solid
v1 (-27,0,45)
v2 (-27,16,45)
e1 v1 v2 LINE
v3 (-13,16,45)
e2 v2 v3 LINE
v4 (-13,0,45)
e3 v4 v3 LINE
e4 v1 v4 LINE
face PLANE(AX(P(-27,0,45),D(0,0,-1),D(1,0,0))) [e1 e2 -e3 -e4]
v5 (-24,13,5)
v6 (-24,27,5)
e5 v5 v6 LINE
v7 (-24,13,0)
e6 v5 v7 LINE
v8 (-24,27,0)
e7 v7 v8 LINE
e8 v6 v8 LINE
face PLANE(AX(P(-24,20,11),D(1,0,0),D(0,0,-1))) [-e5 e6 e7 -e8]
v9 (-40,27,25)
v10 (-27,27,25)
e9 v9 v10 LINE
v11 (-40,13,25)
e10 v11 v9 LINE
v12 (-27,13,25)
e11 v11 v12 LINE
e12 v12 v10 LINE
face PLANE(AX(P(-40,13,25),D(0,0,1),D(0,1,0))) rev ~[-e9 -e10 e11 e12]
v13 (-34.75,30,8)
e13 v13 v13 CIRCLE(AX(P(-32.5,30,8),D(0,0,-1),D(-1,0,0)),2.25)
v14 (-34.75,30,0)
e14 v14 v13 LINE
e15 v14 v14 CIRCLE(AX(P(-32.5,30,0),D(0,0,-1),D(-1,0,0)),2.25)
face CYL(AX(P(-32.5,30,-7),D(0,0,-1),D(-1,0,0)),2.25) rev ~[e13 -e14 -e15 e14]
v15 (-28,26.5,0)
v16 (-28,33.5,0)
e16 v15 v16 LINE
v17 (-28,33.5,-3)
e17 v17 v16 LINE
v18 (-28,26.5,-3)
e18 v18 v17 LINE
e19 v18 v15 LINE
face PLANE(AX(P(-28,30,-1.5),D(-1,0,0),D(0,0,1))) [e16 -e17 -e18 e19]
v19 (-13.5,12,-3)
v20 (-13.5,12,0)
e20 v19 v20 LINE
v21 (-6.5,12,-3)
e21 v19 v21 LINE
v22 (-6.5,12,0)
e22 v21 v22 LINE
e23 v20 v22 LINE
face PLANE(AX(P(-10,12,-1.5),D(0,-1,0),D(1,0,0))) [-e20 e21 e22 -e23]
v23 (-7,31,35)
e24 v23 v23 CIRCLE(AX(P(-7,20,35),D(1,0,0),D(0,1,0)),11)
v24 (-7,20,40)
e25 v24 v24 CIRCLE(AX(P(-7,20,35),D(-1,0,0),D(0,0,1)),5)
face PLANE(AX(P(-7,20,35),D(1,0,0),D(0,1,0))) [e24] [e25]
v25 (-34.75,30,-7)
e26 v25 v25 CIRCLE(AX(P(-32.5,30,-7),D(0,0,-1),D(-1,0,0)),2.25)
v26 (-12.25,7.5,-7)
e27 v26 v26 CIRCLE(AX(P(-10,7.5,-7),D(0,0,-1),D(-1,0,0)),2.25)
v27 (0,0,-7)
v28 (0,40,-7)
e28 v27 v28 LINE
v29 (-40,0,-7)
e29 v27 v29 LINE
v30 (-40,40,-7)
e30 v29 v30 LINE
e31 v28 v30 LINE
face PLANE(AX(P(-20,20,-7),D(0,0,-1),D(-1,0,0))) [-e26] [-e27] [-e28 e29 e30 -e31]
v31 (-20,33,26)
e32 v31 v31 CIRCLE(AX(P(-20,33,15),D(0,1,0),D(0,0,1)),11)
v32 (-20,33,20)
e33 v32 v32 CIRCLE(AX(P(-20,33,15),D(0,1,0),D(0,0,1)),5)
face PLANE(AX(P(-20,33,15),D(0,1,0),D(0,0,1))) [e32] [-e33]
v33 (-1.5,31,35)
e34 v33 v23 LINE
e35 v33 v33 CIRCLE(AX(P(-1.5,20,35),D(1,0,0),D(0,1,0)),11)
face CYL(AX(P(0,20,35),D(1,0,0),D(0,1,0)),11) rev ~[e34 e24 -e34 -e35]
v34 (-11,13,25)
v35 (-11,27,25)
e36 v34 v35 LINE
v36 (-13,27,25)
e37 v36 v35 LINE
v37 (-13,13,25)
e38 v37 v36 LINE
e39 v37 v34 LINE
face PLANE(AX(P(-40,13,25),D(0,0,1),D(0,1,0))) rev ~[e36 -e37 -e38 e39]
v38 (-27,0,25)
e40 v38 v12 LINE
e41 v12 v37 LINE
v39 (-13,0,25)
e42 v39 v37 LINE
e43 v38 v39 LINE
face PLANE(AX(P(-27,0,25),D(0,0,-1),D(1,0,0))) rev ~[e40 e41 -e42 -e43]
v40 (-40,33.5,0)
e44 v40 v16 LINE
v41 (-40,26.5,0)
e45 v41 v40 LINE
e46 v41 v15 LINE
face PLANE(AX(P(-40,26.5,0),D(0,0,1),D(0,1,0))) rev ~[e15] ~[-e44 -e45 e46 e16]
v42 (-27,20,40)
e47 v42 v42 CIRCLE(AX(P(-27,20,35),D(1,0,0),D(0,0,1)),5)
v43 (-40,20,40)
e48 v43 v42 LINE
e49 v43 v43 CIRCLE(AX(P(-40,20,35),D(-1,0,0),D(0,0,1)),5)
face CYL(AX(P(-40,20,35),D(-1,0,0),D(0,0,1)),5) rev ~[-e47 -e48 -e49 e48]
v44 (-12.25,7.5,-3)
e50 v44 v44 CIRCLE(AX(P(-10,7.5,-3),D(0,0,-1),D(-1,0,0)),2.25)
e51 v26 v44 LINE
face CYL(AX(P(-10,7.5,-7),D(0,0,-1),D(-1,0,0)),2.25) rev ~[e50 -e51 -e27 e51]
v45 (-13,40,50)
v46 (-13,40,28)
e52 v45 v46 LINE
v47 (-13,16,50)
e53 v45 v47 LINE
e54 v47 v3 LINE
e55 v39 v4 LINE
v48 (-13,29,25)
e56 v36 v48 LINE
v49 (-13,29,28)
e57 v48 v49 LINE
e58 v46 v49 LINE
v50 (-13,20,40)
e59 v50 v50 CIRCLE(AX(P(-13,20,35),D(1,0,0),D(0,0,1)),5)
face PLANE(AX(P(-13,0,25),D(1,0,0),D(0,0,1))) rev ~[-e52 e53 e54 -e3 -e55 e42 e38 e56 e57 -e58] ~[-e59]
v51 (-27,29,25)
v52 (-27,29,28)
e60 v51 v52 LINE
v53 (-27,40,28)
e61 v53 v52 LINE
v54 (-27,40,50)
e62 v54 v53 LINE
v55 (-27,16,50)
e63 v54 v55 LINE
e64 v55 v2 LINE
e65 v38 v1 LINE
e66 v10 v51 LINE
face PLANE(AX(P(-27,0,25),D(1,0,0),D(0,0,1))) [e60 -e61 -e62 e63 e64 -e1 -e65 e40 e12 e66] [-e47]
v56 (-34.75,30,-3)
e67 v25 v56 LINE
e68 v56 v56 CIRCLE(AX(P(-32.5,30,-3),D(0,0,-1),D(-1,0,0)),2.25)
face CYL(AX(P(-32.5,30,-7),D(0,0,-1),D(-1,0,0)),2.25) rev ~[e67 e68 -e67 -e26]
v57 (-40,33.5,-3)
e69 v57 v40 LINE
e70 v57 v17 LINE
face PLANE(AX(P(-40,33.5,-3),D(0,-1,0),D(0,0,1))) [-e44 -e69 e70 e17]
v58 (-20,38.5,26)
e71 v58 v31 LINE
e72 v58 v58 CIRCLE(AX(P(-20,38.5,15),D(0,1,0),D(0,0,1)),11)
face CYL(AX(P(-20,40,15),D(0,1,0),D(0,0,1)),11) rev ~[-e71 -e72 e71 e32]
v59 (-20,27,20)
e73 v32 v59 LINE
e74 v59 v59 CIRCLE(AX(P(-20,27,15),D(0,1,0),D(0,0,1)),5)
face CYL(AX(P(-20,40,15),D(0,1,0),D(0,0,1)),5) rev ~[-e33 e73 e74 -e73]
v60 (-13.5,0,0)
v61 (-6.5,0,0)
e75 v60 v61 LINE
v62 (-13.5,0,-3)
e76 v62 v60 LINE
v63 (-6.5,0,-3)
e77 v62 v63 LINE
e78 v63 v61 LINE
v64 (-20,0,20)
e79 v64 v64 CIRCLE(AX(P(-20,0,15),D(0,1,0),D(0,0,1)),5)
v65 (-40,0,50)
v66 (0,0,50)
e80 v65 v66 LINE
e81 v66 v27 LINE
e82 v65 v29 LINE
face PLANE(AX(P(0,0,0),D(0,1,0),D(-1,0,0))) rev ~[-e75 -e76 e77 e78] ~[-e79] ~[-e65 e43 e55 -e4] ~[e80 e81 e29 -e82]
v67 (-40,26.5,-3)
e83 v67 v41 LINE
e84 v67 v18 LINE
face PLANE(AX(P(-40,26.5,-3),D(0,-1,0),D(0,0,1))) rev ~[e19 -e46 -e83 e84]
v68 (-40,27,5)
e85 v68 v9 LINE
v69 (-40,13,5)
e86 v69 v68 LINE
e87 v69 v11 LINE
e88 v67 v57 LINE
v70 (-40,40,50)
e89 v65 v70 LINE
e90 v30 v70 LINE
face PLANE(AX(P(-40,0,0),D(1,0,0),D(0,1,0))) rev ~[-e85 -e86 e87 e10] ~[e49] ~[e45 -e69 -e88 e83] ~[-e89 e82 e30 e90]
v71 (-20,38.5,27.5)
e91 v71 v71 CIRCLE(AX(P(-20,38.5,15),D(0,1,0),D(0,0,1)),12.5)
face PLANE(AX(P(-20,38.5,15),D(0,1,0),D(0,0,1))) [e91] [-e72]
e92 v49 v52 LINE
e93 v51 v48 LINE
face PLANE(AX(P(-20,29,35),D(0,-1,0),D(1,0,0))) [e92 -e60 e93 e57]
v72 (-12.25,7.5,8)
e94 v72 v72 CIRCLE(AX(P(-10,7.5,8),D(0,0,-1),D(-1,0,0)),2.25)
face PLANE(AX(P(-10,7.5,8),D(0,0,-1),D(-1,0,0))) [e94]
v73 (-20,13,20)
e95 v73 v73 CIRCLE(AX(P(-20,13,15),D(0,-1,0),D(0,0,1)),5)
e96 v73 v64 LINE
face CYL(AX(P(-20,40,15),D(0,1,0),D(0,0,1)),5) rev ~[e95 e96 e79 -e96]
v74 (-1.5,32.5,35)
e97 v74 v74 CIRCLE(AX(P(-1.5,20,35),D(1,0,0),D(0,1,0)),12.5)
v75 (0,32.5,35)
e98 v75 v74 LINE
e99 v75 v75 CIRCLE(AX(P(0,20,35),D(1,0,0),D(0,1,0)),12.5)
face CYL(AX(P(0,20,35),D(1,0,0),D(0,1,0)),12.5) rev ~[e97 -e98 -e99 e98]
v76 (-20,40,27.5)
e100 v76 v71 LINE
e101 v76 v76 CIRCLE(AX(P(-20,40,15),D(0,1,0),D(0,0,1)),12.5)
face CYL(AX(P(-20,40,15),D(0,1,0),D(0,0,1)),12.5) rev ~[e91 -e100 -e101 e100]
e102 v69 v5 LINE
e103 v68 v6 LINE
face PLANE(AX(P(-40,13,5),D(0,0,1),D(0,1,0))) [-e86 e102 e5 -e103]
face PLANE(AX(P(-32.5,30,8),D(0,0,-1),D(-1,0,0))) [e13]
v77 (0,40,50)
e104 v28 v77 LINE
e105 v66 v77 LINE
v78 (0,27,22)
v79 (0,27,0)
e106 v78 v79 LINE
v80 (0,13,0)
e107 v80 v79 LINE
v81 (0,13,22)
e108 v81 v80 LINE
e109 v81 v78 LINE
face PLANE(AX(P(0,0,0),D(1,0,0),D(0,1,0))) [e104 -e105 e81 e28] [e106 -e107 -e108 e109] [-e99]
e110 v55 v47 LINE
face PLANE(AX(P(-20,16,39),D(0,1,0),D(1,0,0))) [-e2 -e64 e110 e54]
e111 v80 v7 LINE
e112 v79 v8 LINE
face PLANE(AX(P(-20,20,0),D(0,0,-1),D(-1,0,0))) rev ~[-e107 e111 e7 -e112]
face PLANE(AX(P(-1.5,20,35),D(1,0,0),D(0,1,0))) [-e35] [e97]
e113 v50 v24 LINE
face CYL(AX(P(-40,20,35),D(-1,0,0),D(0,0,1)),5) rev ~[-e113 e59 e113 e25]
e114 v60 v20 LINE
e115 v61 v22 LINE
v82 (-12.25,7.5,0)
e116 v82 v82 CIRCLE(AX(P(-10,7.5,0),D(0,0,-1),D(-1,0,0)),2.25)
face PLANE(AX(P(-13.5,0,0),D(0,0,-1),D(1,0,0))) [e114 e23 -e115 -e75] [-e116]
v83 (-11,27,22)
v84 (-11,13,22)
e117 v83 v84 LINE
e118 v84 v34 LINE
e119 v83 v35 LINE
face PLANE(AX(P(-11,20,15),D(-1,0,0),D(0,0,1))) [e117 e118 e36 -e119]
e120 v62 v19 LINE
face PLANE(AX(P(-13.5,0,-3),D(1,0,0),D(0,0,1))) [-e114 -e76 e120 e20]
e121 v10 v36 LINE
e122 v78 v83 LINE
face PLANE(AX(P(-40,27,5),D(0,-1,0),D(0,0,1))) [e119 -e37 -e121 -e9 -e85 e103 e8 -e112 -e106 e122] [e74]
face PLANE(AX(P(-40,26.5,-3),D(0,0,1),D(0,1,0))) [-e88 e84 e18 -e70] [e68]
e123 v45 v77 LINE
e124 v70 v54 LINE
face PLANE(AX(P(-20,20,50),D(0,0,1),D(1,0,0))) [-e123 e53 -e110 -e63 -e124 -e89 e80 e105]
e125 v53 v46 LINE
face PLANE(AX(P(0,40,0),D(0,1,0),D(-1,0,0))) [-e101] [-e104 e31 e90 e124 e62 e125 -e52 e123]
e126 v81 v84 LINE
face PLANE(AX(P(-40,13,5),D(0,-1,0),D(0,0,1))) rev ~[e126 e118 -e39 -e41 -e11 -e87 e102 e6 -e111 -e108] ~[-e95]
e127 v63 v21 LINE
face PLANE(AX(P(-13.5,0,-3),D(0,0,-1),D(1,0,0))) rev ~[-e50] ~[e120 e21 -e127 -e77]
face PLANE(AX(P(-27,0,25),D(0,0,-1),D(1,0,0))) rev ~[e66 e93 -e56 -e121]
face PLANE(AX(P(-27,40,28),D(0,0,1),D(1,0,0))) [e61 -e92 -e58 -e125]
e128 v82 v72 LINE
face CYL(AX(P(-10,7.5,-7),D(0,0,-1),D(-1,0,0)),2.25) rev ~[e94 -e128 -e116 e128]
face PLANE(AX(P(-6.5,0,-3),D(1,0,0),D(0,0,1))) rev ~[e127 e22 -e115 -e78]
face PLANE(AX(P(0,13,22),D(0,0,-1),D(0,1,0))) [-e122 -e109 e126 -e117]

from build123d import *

# Parameters (mm, degrees)
ESQUISSE1_W              = 40
ESQUISSE1_H              = 40
BOSS_EXTRU_1_DEPTH       = 50
ESQUISSE2_R              = 5
ENL_V_MAT_EXTRU_1_DEPTH  = 41
ESQUISSE3_R              = 5
ENL_V_MAT_EXTRU_2_DEPTH  = 41
ESQUISSE4_W              = 20
ESQUISSE4_H              = 14
ENL_V_MAT_EXTRU_3_DEPTH  = 29
ESQUISSE5_W              = 14
ESQUISSE5_H              = 20
ENL_V_MAT_EXTRU_4_DEPTH  = 29
ESQUISSE6_W              = 22
ESQUISSE6_H              = 14
ENL_V_MAT_EXTRU_5_DEPTH  = 24
ESQUISSE7_W              = 14
ESQUISSE7_H              = 22
ENL_V_MAT_EXTRU_6_DEPTH  = 24
ESQUISSE8_R              = 11
ENL_V_MAT_EXTRU_7_DEPTH  = 7
ESQUISSE9_R              = 12.5
ENL_V_MAT_EXTRU_8_DEPTH  = 1.5
ESQUISSE10_R             = 11
ENL_V_MAT_EXTRU_9_DEPTH  = 7
ESQUISSE11_R             = 12.5
ENL_V_MAT_EXTRU_10_DEPTH = 1.5
ESQUISSE12_W             = 40
ESQUISSE12_H             = 40
BOSS_EXTRU_2_DEPTH       = 7
ESQUISSE13_R             = 2.25
ENL_V_MAT_EXTRU_11_DEPTH = 15
ESQUISSE14_W             = 3
ESQUISSE14_H             = 7
ENL_V_MAT_EXTRU_12_DEPTH = 12
ESQUISSE15_W             = 7
ESQUISSE15_H             = 3
ENL_V_MAT_EXTRU_13_DEPTH = 12


with BuildPart() as part:
    # Esquisse1 → Boss.-Extru.1 (new body)
    with BuildSketch(Plane.XY):
        with Locations((-20, 20)):
            Rectangle(ESQUISSE1_W, ESQUISSE1_H)
    extrude(amount=BOSS_EXTRU_1_DEPTH)

    # Esquisse2 → Enlèv. mat.-Extru.1 (cut, through all)
    with BuildSketch(Plane(origin=(0, 40, 0), x_dir=(1, 0, 0), z_dir=(0, 1, 0))):
        with Locations(Location((-20, -15, 0), (0, 0, 270))):  # turned: the seam where the file's is
            Circle(ESQUISSE2_R)
    extrude(amount=-ENL_V_MAT_EXTRU_1_DEPTH, mode=Mode.SUBTRACT)

    # Esquisse3 → Enlèv. mat.-Extru.2 (cut, through all)
    with BuildSketch(Plane.ZY.offset(40)):
        with Locations((35, 20)):
            Circle(ESQUISSE3_R)
    extrude(amount=-ENL_V_MAT_EXTRU_2_DEPTH, mode=Mode.SUBTRACT)

    # Esquisse4 → Enlèv. mat.-Extru.3 (cut)
    with BuildSketch(Plane.ZY.offset(40)):
        with Locations((15, 20)):
            Rectangle(ESQUISSE4_W, ESQUISSE4_H)
    extrude(amount=-ENL_V_MAT_EXTRU_3_DEPTH, mode=Mode.SUBTRACT)

    # Esquisse5 → Enlèv. mat.-Extru.4 (cut)
    with BuildSketch(Plane.XZ):
        with Locations((-20, 35)):
            Rectangle(ESQUISSE5_W, ESQUISSE5_H)
    extrude(amount=-ENL_V_MAT_EXTRU_4_DEPTH, mode=Mode.SUBTRACT)

    # Esquisse6 → Enlèv. mat.-Extru.5 (cut)
    with BuildSketch(Plane(origin=(0, 0, 0), x_dir=(0, 0, -1), z_dir=(1, 0, 0))):
        with Locations((-11, 20)):
            Rectangle(ESQUISSE6_W, ESQUISSE6_H)
    extrude(amount=-ENL_V_MAT_EXTRU_5_DEPTH, mode=Mode.SUBTRACT)

    # Esquisse7 → Enlèv. mat.-Extru.6 (cut)
    with BuildSketch(Plane(origin=(0, 40, 0), x_dir=(1, 0, 0), z_dir=(0, 1, 0))):
        with Locations((-20, -39)):
            Rectangle(ESQUISSE7_W, ESQUISSE7_H)
    extrude(amount=-ENL_V_MAT_EXTRU_6_DEPTH, mode=Mode.SUBTRACT)

    # Esquisse8 → Enlèv. mat.-Extru.7 (cut)
    with BuildSketch(Plane(origin=(0, 0, 0), x_dir=(0, 0, -1), z_dir=(1, 0, 0))):
        with Locations(Location((-35, 20, 0), (0, 0, 90))):  # turned: the seam where the file's is
            Circle(ESQUISSE8_R)
    extrude(amount=-ENL_V_MAT_EXTRU_7_DEPTH, mode=Mode.SUBTRACT)

    # Esquisse9 → Enlèv. mat.-Extru.8 (cut)
    with BuildSketch(Plane(origin=(0, 0, 0), x_dir=(0, 0, -1), z_dir=(1, 0, 0))):
        with Locations(Location((-35, 20, 0), (0, 0, 90))):  # turned: the seam where the file's is
            Circle(ESQUISSE9_R)
    extrude(amount=-ENL_V_MAT_EXTRU_8_DEPTH, mode=Mode.SUBTRACT)

    # Esquisse10 → Enlèv. mat.-Extru.9 (cut)
    with BuildSketch(Plane(origin=(0, 40, 0), x_dir=(1, 0, 0), z_dir=(0, 1, 0))):
        with Locations(Location((-20, -15, 0), (0, 0, 270))):  # turned: the seam where the file's is
            Circle(ESQUISSE10_R)
    extrude(amount=-ENL_V_MAT_EXTRU_9_DEPTH, mode=Mode.SUBTRACT)

    # Esquisse11 → Enlèv. mat.-Extru.10 (cut)
    with BuildSketch(Plane(origin=(0, 40, 0), x_dir=(1, 0, 0), z_dir=(0, 1, 0))):
        with Locations(Location((-20, -15, 0), (0, 0, 270))):  # turned: the seam where the file's is
            Circle(ESQUISSE11_R)
    extrude(amount=-ENL_V_MAT_EXTRU_10_DEPTH, mode=Mode.SUBTRACT)

    # Esquisse12 → Boss.-Extru.2 (add)
    with BuildSketch(Plane(origin=(0, 0, 0), x_dir=(-1, 0, 0), z_dir=(0, 0, -1))):
        with Locations((20, 20)):
            Rectangle(ESQUISSE12_W, ESQUISSE12_H)
    extrude(amount=BOSS_EXTRU_2_DEPTH)

    # Esquisse13 → Enlèv. mat.-Extru.11 (cut)
    with BuildSketch(Plane(origin=(0, 0, -7), x_dir=(-1, 0, 0), z_dir=(0, 0, -1))):
        with Locations((10, 7.5)):
            Circle(ESQUISSE13_R)
        with Locations((32.5, 30)):
            Circle(ESQUISSE13_R)
    extrude(amount=-ENL_V_MAT_EXTRU_11_DEPTH, mode=Mode.SUBTRACT)

    # Esquisse14 → Enlèv. mat.-Extru.12 (cut)
    with BuildSketch(Plane.ZY.offset(40)):
        with Locations((-1.5, 30)):
            Rectangle(ESQUISSE14_W, ESQUISSE14_H)
    extrude(amount=-ENL_V_MAT_EXTRU_12_DEPTH, mode=Mode.SUBTRACT)

    # Esquisse15 → Enlèv. mat.-Extru.13 (cut)
    with BuildSketch(Plane.XZ):
        with Locations((-10, -1.5)):
            Rectangle(ESQUISSE15_W, ESQUISSE15_H)
    extrude(amount=-ENL_V_MAT_EXTRU_13_DEPTH, mode=Mode.SUBTRACT)


solid = part.part
